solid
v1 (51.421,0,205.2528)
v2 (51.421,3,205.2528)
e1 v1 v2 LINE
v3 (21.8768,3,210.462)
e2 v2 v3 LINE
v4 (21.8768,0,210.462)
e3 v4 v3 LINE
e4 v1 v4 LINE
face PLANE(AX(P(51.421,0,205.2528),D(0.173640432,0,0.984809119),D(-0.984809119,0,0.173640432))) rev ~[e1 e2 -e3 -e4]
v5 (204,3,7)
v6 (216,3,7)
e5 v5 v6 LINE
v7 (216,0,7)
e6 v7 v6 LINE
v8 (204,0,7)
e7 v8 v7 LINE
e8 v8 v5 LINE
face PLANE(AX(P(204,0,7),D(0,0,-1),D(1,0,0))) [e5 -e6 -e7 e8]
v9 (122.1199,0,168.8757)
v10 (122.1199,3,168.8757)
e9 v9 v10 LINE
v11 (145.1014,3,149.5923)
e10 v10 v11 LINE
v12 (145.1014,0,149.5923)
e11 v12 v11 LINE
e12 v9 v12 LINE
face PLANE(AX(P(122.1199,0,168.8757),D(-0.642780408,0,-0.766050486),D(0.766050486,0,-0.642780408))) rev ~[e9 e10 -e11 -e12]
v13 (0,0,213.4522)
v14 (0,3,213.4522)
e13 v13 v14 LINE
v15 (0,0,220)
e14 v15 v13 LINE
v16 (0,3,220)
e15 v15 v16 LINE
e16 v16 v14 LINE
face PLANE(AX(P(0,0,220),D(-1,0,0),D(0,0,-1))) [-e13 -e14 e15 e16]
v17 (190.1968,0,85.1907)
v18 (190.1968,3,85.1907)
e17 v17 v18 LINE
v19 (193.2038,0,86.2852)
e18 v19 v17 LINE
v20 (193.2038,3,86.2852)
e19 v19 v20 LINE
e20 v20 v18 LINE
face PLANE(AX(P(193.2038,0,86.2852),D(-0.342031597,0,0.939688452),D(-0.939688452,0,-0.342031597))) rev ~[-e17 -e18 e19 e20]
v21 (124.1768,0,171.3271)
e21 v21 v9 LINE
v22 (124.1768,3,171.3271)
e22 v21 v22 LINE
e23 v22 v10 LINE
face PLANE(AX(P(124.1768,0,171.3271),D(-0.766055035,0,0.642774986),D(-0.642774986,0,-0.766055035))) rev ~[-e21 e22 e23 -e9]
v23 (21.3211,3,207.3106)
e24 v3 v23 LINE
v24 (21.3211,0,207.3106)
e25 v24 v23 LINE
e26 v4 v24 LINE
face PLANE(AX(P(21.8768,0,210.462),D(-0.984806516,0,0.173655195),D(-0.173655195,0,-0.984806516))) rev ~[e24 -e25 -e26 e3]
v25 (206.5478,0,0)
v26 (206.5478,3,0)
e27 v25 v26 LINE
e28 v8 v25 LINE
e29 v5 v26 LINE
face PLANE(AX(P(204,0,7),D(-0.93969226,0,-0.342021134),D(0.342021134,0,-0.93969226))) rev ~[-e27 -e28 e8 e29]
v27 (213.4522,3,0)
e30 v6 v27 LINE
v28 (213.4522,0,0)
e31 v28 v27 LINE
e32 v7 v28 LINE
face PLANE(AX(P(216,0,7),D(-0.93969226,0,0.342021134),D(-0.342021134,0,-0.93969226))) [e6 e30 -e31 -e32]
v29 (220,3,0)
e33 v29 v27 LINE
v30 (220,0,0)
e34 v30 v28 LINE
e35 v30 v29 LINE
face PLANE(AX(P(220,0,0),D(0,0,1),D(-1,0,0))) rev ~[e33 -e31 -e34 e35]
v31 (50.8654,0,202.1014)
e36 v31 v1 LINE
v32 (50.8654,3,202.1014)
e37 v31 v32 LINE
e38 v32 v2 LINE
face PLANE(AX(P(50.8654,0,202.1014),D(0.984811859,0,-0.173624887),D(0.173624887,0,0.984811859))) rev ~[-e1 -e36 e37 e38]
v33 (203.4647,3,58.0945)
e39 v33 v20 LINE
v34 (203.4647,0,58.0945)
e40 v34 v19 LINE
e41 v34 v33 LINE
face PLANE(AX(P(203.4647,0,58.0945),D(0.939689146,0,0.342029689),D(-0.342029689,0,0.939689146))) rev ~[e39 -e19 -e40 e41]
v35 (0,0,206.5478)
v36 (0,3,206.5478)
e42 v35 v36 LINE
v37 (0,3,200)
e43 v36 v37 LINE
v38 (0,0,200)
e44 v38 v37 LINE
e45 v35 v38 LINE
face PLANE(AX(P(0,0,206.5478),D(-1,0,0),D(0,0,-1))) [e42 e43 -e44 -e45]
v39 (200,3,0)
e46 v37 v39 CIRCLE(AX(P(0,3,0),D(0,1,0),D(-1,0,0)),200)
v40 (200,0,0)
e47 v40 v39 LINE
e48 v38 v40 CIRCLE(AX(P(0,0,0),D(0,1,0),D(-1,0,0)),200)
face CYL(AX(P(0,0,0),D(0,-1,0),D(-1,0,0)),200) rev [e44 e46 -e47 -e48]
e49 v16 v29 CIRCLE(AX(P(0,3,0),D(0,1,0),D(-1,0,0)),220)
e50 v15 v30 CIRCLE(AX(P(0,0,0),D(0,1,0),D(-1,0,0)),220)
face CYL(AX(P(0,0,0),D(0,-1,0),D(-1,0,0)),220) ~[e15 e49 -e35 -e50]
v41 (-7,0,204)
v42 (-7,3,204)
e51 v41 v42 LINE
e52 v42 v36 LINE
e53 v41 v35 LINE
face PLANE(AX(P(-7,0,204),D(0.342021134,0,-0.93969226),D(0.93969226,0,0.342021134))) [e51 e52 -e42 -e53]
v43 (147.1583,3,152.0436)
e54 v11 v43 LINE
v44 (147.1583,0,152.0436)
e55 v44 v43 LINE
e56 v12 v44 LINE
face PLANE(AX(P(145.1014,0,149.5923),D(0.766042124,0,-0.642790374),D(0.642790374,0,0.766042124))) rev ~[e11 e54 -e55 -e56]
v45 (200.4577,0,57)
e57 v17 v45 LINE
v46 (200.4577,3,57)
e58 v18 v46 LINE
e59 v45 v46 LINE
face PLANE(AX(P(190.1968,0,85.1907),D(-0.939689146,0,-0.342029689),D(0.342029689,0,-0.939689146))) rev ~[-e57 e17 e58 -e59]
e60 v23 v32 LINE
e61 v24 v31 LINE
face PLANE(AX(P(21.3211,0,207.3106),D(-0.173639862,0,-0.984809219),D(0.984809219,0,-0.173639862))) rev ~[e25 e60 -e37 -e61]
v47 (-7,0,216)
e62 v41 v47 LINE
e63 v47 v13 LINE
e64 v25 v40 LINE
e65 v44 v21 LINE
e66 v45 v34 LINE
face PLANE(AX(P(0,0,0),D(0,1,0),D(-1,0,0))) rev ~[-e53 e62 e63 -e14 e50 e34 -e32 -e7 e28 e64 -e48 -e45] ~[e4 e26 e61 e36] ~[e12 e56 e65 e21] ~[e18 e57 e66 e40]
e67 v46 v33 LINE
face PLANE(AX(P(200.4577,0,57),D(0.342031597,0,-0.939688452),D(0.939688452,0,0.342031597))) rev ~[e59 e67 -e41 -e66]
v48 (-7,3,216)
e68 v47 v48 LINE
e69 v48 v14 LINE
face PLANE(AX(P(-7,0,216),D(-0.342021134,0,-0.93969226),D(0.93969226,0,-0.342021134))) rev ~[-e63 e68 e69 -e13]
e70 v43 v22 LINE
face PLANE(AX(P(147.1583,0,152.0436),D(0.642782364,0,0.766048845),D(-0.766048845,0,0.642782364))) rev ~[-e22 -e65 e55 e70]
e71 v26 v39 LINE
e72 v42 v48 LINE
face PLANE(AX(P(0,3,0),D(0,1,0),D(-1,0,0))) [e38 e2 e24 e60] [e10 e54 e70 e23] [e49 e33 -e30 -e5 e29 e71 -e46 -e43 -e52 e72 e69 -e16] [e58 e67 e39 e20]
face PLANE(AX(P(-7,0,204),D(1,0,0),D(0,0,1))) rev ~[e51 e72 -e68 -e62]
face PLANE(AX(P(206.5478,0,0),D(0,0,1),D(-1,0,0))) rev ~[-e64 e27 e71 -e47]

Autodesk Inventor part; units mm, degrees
ref_plane "YZ Plane" through (0, 0, 0) normal (1, 0, 0) x (0, 1, 0)
ref_plane "XZ Plane" through (0, 0, 0) normal (0, 1, 0) x (-1, 0, 0)
ref_plane "XY Plane" through (0, 0, 0) normal (0, 0, 1) x (1, 0, 0)
sketch "Sketch1" plane through (0, 0, 0) normal (0, 1, 0) x (-1, 0, 0)
  circle A0 centre (0, 0) radius 200
  circle A1 centre (0, 0) radius 220
  line L0 (220, 0) -> (200, 0)
  line L1 (-220, 0) -> (-200, 0)
  line L2 (0, 0) -> (-200, 0) construction
  line L3 (0, 200) -> (0, 0) construction
  line L4 (0, 220) -> (0, 200)
  line L5 (-200, 0) -> (-220, 0)
  line L6 (-204, 7) -> (-216, 7)
  line L7 (-216, 7) -> (-213.4522, 0)
  line L8 (-204, 7) -> (-206.5478, 0)
  line L9 (-210, 0) -> (-210, 7) construction
  line L10 (-203.4647, 58.0945) -> (-193.2038, 86.2852)
  line L11 (-193.2038, 86.2852) -> (-190.1968, 85.1907)
  line L12 (-190.1968, 85.1907) -> (-200.4577, 57)
  line L13 (-200.4577, 57) -> (-203.4647, 58.0945)
  line L14 (-203.4647, 58.0945) -> (-190.1968, 85.1907) construction
  line L15 (-193.2038, 86.2852) -> (-200.4577, 57) construction
  circle A2 centre (0, 0) radius 210 construction
  line L16 (-7, -204) -> (0, -206.5478)
  line L17 (-7, -216) -> (0, -213.4522)
  line L18 (-7, -204) -> (-7, -216)
  line L19 (204, -7) -> (206.5478, 0)
  line L20 (216, -7) -> (213.4522, 0)
  line L21 (204, -7) -> (216, -7)
  line L22 (7, 204) -> (0, 206.5478)
  line L23 (7, 216) -> (0, 213.4522)
  line L24 (7, 204) -> (7, 216)
  line L25 (-205.2528, -51.421) -> (-210.462, -21.8768)
  line L26 (-202.1014, -50.8654) -> (-205.2528, -51.421)
  line L27 (-207.3106, -21.3211) -> (-202.1014, -50.8654)
  line L28 (-210.462, -21.8768) -> (-207.3106, -21.3211)
  line L29 (-152.0436, -147.1583) -> (-171.3271, -124.1768)
  line L30 (-149.5923, -145.1014) -> (-152.0436, -147.1583)
  line L31 (-168.8757, -122.1199) -> (-149.5923, -145.1014)
  line L32 (-171.3271, -124.1768) -> (-168.8757, -122.1199)
  line L33 (-58.0945, -203.4647) -> (-86.2852, -193.2038)
  line L34 (-57, -200.4577) -> (-58.0945, -203.4647)
  line L35 (-85.1907, -190.1968) -> (-57, -200.4577)
  line L36 (-86.2852, -193.2038) -> (-85.1907, -190.1968)
  line L37 (51.421, -205.2528) -> (21.8768, -210.462)
  line L38 (50.8654, -202.1014) -> (51.421, -205.2528)
  line L39 (21.3211, -207.3106) -> (50.8654, -202.1014)
  line L40 (21.8768, -210.462) -> (21.3211, -207.3106)
  line L41 (147.1583, -152.0436) -> (124.1768, -171.3271)
  line L42 (145.1014, -149.5923) -> (147.1583, -152.0436)
  line L43 (122.1199, -168.8757) -> (145.1014, -149.5923)
  line L44 (124.1768, -171.3271) -> (122.1199, -168.8757)
  line L45 (203.4647, -58.0945) -> (193.2038, -86.2852)
  line L46 (200.4577, -57) -> (203.4647, -58.0945)
  line L47 (190.1968, -85.1907) -> (200.4577, -57)
  line L48 (193.2038, -86.2852) -> (190.1968, -85.1907)
  line L49 (205.2528, 51.421) -> (210.462, 21.8768)
  line L50 (202.1014, 50.8654) -> (205.2528, 51.421)
  line L51 (207.3106, 21.3211) -> (202.1014, 50.8654)
  line L52 (210.462, 21.8768) -> (207.3106, 21.3211)
  line L53 (152.0436, 147.1583) -> (171.3271, 124.1768)
  line L54 (149.5923, 145.1014) -> (152.0436, 147.1583)
  line L55 (168.8757, 122.1199) -> (149.5923, 145.1014)
  line L56 (171.3271, 124.1768) -> (168.8757, 122.1199)
  line L57 (58.0945, 203.4647) -> (86.2852, 193.2038)
  line L58 (57, 200.4577) -> (58.0945, 203.4647)
  line L59 (85.1907, 190.1968) -> (57, 200.4577)
  line L60 (86.2852, 193.2038) -> (85.1907, 190.1968)
  line L61 (-51.421, 205.2528) -> (-21.8768, 210.462)
  line L62 (-50.8654, 202.1014) -> (-51.421, 205.2528)
  line L63 (-21.3211, 207.3106) -> (-50.8654, 202.1014)
  line L64 (-21.8768, 210.462) -> (-21.3211, 207.3106)
  line L65 (-147.1583, 152.0436) -> (-124.1768, 171.3271)
  line L66 (-145.1014, 149.5923) -> (-147.1583, 152.0436)
  line L67 (-122.1199, 168.8757) -> (-145.1014, 149.5923)
  line L68 (-124.1768, 171.3271) -> (-122.1199, 168.8757)
  point P0 (210, 0)
  point P1 (-210, 0)
  point P2 (-196.8307, 71.6426)
  point P3 (-40.1486, 206.1264)
  point P4 (-201.9612, 57.5472)
  point P5 (-191.7003, 85.7379)
  point P6 (-7, -210)
  point P7 (210, -7)
  point P8 (7, 210)
  point P9 (-203.6771, -51.1432)
  point P10 (-208.8863, -21.5989)
  point P11 (-150.818, -146.1299)
  point P12 (-170.1014, -123.1484)
  point P13 (-57.5472, -201.9612)
  point P14 (-85.7379, -191.7003)
  point P15 (51.1432, -203.6771)
  point P16 (21.5989, -208.8863)
  point P17 (146.1299, -150.818)
  point P18 (123.1484, -170.1014)
  point P19 (201.9612, -57.5472)
  point P20 (191.7003, -85.7379)
  point P21 (203.6771, 51.1432)
  point P22 (208.8863, 21.5989)
  point P23 (150.818, 146.1299)
  point P24 (170.1014, 123.1484)
  point P25 (57.5472, 201.9612)
  point P26 (85.7379, 191.7003)
  point P27 (-51.1432, 203.6771)
  point P28 (-21.5989, 208.8863)
  point P29 (-146.1299, 150.818)
  point P30 (-123.1484, 170.1014)
  point P31 (-206.5478, 0)
  point P32 (0, 206.5478)
  point P33 (0, 213.4522)
  dimension "d0" = 400
  dimension "d1" = 440
  dimension "d4" = 90
  dimension "d5" = 7
  dimension "d6" = 70
  dimension "d8" = 12
  dimension "d13" = 3.2
  dimension "d14" = 30
  dimension "d15" = 50
  dimension "d20" = 420
  dimension "d23" = 360
  dimension "d27" = 360
extrude "Extrusion1" add sketch "Sketch1" along normal blind 3 contours A0 L1 L8 L6 L7 A1 L4 | L4 L23 L24 L22
properties part number "R40_CM_CIRCULO"
